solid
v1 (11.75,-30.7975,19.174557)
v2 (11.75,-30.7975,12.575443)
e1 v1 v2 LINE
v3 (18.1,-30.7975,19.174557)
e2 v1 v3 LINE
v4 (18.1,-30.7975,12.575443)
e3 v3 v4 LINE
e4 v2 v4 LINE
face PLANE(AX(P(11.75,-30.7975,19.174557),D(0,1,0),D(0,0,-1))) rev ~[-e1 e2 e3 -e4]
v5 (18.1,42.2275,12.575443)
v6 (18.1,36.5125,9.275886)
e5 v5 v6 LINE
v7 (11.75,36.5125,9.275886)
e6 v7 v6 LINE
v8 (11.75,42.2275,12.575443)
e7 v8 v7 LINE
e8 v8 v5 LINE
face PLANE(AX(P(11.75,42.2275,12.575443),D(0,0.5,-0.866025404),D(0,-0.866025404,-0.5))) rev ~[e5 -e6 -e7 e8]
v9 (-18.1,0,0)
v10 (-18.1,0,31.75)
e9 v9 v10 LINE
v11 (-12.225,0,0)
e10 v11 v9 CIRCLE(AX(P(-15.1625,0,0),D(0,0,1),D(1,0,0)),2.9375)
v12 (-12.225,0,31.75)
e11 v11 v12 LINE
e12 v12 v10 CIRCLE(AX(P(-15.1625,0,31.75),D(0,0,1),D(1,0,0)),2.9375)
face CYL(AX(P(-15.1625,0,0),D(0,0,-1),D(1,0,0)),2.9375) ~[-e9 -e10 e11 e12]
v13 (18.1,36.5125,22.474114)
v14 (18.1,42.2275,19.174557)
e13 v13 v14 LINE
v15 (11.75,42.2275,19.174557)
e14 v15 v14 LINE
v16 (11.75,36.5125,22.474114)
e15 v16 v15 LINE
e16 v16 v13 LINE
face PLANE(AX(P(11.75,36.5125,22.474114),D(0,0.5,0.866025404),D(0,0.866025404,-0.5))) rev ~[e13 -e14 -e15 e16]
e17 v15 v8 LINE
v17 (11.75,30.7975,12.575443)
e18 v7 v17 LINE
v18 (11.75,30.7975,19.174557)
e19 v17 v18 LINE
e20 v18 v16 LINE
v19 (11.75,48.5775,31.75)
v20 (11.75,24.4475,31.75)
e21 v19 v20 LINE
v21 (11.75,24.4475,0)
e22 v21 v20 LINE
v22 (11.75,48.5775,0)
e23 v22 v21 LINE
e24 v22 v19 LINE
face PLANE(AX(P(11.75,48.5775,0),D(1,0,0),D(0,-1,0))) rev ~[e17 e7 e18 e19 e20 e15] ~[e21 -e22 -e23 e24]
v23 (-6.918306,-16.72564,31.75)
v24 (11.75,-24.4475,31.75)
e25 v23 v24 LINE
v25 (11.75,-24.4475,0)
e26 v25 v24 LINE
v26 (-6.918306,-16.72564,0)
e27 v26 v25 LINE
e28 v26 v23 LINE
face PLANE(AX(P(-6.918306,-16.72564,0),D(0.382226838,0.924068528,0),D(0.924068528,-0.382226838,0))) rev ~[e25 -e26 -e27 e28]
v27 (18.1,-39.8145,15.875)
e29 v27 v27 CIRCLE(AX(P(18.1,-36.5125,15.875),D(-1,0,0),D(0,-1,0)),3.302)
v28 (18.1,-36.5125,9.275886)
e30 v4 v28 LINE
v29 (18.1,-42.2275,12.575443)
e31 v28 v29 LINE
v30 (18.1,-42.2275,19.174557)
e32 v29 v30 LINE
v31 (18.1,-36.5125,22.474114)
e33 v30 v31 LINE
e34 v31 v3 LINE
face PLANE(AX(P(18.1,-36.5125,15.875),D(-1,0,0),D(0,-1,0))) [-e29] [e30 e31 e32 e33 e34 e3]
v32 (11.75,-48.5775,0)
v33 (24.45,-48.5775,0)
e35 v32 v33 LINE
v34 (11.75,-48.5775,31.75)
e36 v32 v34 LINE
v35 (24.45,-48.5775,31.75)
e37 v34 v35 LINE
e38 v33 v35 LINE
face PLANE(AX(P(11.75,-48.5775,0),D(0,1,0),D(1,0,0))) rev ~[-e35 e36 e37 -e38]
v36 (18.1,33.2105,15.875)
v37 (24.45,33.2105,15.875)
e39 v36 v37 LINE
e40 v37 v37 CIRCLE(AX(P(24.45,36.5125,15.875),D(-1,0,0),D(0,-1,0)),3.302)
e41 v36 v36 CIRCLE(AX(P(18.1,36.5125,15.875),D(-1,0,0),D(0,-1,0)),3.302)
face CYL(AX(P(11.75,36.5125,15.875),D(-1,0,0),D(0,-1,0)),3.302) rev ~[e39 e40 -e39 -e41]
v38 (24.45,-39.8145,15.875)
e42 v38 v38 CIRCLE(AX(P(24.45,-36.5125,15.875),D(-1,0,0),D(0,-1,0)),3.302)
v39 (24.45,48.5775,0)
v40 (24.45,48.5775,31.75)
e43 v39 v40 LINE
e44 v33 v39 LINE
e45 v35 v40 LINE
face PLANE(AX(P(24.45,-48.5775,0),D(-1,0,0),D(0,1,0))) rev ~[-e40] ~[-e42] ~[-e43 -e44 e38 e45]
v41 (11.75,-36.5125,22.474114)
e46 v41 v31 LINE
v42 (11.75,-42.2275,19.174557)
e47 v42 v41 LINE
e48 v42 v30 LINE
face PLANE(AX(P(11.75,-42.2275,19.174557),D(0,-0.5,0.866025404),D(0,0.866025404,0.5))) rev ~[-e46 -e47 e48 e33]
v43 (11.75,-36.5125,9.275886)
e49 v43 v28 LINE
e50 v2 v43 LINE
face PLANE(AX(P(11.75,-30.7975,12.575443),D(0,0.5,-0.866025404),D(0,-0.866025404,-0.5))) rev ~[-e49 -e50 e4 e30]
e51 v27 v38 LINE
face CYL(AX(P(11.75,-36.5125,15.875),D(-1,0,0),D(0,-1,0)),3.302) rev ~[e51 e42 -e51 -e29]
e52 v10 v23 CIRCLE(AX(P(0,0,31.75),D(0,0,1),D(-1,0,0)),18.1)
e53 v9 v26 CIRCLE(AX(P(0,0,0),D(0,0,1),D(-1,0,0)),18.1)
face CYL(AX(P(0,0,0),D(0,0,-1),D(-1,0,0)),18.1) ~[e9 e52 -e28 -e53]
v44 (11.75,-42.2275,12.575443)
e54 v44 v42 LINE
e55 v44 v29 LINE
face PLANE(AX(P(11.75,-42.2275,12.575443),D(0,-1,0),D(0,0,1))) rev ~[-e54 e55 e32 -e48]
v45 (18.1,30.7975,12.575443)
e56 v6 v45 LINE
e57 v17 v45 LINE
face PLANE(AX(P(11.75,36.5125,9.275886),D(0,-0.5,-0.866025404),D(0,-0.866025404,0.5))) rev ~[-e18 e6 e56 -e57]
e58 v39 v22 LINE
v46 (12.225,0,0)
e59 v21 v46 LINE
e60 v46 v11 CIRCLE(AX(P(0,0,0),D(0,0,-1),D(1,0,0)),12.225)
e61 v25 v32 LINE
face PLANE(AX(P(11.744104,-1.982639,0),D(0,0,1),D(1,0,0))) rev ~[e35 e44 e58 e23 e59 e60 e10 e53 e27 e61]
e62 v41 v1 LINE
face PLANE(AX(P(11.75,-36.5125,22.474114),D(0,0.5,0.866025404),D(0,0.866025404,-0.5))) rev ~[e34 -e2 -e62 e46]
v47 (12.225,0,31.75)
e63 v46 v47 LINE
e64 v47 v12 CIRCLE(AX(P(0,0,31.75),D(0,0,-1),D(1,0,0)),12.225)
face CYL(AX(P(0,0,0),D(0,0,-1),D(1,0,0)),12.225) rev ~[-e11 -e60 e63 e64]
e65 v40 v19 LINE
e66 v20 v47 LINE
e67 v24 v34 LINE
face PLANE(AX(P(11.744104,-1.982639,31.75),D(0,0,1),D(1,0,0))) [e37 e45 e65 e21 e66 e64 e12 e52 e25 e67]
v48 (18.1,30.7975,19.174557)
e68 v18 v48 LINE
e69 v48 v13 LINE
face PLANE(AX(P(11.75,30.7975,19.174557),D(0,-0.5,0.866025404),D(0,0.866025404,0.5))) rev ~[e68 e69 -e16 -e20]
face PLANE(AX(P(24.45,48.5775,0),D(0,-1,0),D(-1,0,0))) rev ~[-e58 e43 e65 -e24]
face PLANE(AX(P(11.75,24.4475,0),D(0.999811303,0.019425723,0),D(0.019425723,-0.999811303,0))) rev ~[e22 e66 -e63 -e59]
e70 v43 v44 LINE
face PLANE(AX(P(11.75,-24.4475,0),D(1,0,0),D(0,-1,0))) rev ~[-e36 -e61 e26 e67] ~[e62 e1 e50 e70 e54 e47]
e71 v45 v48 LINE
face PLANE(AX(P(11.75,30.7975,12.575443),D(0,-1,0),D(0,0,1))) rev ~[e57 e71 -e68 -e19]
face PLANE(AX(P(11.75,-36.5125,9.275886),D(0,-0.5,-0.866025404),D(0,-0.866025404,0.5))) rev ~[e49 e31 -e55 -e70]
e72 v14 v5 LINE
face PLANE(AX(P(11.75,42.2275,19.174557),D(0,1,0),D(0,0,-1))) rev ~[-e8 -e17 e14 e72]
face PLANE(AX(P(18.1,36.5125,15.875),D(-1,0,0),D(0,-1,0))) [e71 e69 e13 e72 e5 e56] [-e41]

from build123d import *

# Parameters (mm, degrees)
F3_DEPTH = 31.75
F4_R     = 3.302
F5_DEPTH = 12.7
F6_DEPTH = 6.35


with BuildPart() as f3:
    # F2 (on Top) → F3 (new body)
    with BuildSketch(Plane.XY):
        with BuildLine():
            Line((24.45, -48.5775), (24.45, 48.5775))
            Line((24.45, 48.5775), (11.75, 48.5775))
            Line((11.75, 48.5775), (11.75, 24.4475))
            Line((11.75, 24.4475), (12.225, 0))
            ThreePointArc((12.225, 0), (0, -12.225), (-12.225, 0))
            ThreePointArc((-12.225, 0), (-15.1625, 2.9375), (-18.1, 0))
            ThreePointArc((-18.1, 0), (-15.0471149103, -10.0595393968), (-6.9183057596, -16.7256403589))
            Line((-6.9183057596, -16.7256403589), (11.75, -24.4475))
            Line((11.75, -24.4475), (11.75, -48.5775))
            Line((11.75, -48.5775), (24.45, -48.5775))
        make_face()
    extrude(amount=F3_DEPTH)

    # F4 (on face) → F5 (cut, through all)
    with BuildSketch(Plane(origin=(11.75, 0, 0), x_dir=(0, -1, 0), z_dir=(-1, 0, 0))):
        with Locations((-36.5125, 15.875)):
            Circle(F4_R)
        with Locations((36.5125, 15.875)):
            Circle(F4_R)
    extrude(amount=-F5_DEPTH, mode=Mode.SUBTRACT)

    # F4 (on face) → F6 (cut)
    with BuildSketch(Plane(origin=(11.75, 0, 0), x_dir=(0, -1, 0), z_dir=(-1, 0, 0))):
        Polygon((-30.7975, 12.5754432116), (-30.7975, 19.1745567884), (-36.5125, 22.4741135768), (-42.2275, 19.1745567884), (-42.2275, 12.5754432116), (-36.5125, 9.2758864232), align=None)
        with Locations((-36.5125, 15.875)):
            Circle(F4_R, mode=Mode.SUBTRACT)
        Polygon((30.7975, 19.1745567884), (30.7975, 12.5754432116), (36.5125, 9.2758864232), (42.2275, 12.5754432116), (42.2275, 19.1745567884), (36.5125, 22.4741135768), align=None)
        with Locations((36.5125, 15.875)):
            Circle(F4_R, mode=Mode.SUBTRACT)
    extrude(amount=-F6_DEPTH, mode=Mode.SUBTRACT)


solid = f3.part
